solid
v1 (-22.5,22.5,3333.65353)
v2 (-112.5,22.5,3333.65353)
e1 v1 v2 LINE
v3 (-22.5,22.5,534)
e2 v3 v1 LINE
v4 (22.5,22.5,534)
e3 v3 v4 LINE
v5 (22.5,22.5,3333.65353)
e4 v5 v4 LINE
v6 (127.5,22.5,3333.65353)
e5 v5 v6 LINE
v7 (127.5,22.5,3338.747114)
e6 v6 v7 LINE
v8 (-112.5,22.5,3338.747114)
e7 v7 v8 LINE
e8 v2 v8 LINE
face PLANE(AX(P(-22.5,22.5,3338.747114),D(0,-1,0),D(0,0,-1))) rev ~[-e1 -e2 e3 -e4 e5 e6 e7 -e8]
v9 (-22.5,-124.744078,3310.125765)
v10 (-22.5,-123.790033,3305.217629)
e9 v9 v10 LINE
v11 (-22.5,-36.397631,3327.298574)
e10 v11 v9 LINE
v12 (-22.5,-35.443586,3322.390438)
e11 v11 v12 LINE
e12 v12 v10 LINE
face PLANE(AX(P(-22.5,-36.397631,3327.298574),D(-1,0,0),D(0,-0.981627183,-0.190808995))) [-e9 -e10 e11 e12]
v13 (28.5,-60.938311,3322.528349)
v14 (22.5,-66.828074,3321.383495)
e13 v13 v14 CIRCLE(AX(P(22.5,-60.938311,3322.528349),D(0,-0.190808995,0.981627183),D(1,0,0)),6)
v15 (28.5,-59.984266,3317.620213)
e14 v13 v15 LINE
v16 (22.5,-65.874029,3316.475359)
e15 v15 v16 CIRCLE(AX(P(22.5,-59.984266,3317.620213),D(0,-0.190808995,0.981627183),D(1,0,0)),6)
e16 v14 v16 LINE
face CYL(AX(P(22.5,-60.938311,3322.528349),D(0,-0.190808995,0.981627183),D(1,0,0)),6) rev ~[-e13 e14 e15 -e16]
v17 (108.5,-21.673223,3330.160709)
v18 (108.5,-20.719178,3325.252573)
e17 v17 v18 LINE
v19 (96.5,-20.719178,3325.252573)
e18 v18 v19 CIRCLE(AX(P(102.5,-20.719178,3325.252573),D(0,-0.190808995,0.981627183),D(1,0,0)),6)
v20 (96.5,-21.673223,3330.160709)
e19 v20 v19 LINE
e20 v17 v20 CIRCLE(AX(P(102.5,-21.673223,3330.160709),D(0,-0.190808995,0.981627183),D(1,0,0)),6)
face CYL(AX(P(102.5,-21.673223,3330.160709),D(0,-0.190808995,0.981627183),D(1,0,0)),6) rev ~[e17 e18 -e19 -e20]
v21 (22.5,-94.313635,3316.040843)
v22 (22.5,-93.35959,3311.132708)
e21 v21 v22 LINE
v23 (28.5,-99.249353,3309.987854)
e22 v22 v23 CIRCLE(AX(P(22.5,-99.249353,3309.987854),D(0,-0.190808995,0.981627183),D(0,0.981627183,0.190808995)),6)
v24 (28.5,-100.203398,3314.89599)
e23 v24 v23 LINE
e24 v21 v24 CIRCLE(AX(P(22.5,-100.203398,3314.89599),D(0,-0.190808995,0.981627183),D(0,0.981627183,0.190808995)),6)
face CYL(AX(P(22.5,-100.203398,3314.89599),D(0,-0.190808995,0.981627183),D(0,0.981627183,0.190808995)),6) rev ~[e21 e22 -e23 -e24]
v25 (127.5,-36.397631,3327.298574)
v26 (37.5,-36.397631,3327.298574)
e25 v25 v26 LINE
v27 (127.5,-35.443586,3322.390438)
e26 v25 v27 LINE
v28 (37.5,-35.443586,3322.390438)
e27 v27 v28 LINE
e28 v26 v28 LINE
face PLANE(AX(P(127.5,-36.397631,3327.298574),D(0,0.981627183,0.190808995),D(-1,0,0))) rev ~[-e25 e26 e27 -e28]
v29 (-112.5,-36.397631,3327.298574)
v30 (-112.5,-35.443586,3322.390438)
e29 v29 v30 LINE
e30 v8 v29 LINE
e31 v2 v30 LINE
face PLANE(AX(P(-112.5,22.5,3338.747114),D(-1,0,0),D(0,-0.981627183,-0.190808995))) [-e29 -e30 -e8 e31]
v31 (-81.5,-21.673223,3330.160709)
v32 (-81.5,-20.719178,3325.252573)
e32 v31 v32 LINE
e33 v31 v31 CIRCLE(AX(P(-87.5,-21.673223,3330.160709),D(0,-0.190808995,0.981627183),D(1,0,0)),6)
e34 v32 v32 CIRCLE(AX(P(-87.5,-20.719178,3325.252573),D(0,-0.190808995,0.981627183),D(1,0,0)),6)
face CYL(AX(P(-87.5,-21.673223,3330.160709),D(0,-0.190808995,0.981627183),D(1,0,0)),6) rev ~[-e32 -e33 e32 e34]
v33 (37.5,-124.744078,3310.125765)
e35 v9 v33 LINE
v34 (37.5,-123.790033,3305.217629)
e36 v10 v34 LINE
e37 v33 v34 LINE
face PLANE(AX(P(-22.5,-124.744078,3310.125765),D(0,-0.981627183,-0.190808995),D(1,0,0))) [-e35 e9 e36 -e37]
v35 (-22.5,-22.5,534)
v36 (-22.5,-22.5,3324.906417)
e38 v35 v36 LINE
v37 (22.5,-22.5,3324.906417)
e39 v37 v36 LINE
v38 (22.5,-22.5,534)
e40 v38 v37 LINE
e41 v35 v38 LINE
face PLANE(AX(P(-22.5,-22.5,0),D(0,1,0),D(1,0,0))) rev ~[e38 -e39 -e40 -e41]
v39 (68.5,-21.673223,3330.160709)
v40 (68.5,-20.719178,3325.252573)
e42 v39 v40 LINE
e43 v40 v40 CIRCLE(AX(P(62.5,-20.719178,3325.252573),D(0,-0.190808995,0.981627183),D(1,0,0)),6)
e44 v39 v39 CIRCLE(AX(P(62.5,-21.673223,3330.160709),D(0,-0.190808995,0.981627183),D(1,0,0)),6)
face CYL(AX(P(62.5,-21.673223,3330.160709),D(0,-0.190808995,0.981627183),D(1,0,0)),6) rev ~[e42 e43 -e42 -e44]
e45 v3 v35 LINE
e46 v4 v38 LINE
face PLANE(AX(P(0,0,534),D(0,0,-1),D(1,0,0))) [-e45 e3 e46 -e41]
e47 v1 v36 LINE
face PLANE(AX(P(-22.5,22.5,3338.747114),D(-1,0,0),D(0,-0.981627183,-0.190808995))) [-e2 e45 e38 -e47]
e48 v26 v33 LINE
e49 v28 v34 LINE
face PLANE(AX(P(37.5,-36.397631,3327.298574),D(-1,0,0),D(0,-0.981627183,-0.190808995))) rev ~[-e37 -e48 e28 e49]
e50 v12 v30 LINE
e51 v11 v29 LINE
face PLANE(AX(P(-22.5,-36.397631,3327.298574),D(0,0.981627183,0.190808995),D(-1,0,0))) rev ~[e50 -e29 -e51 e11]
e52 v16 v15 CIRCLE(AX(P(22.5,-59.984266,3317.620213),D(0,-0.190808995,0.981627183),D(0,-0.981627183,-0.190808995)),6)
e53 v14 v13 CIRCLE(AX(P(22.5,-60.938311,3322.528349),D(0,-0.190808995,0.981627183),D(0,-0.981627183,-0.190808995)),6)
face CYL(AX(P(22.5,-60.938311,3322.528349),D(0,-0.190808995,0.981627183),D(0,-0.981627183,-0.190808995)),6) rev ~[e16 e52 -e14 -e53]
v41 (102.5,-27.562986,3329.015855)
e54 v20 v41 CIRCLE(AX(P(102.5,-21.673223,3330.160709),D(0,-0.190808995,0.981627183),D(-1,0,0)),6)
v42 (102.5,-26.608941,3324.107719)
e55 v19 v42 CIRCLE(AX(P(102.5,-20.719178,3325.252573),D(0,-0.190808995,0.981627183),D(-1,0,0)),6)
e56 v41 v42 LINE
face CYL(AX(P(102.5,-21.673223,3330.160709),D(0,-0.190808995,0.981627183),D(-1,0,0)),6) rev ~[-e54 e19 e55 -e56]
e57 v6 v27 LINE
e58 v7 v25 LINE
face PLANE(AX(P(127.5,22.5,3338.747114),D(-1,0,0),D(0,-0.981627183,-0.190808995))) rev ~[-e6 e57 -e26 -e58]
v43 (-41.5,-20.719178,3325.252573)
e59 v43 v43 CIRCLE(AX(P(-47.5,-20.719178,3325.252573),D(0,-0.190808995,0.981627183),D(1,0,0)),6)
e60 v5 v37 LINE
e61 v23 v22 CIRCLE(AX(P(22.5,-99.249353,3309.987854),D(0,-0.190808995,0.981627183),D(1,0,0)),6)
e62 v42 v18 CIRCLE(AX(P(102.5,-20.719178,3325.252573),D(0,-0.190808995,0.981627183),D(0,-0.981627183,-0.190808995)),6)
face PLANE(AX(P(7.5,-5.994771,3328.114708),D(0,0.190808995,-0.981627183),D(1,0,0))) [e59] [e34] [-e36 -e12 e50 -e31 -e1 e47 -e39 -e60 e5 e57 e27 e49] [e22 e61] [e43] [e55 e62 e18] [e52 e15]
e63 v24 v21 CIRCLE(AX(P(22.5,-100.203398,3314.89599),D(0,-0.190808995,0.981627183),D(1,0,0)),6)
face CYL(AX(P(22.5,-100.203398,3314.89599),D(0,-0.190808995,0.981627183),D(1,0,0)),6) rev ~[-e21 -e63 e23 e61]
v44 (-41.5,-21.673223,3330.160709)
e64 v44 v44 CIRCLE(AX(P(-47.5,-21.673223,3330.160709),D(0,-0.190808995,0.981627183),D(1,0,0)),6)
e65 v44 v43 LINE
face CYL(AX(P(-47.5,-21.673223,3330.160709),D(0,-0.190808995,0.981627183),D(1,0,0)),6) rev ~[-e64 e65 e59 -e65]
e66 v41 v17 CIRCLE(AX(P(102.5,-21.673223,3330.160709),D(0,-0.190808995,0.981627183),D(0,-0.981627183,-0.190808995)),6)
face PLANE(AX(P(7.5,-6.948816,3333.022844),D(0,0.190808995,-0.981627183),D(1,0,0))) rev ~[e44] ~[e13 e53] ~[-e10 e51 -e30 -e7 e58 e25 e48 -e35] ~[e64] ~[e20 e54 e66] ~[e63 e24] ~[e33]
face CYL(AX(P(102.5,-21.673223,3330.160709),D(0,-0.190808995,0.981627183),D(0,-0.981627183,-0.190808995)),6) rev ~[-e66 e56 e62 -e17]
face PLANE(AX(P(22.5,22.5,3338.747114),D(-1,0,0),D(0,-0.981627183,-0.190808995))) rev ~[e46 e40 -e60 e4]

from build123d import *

# Parameters (mm, degrees)
F0_W      = 45
F0_H      = 45
F1_DEPTH  = 3330
F6_W      = 45
F6_H      = 45.842251273
F7_DEPTH  = 25
F8_W      = 60
F8_H      = 60
F8_W_2    = 90
F8_H_2    = 90
F9_DEPTH  = 5
F10_R     = 6
F11_DEPTH = 25
F12_W     = 150
F12_H     = 4.7702248844
F13_DEPTH = 3358.6871623993
F15_DEPTH = 111
F16_W     = 45
F16_H     = 45
F17_DEPTH = 534


with BuildPart() as f1:
    # F0 (on Top) → F1 (new body)
    with BuildSketch(Plane.XY):
        Rectangle(F0_W, F0_H)
    extrude(amount=F1_DEPTH)

    # F6 (on face) → F7 (join)
    with BuildSketch(Plane(origin=(0, -624.5391596736, 3212.9754420296), x_dir=(1, 0, 0), z_dir=(0, 0.1908089954, -0.9816271834))):
        with Locations((0, -636.2284686128)):
            Rectangle(F6_W, F6_H)
    extrude(amount=F7_DEPTH)

    # F8 (on face) → F9 (join)
    with BuildSketch(Plane(origin=(0, -624.5391596736, 3212.9754420296), x_dir=(1, 0, 0), z_dir=(0, 0.1908089954, -0.9816271834))):
        with Locations((7.5, -629.1495942493)):
            Rectangle(F8_W, F8_H)
        with Locations((-67.5, -629.1495942493)):
            Rectangle(F8_W_2, F8_H)
        with Locations((82.5, -629.1495942493)):
            Rectangle(F8_W_2, F8_H)
        with Locations((7.5, -554.1495942493)):
            Rectangle(F8_W, F8_H_2)
    extrude(amount=F9_DEPTH)

    # F10 (on face) → F11 (cut)
    with BuildSketch(Plane(origin=(0, -624.5391596736, 3212.9754420296), x_dir=(1, 0, 0), z_dir=(0, -0.1908089954, 0.9816271834))):
        with BuildLine():
            ThreePointArc((22.5, 540.1495942493), (18.2573593129, 529.9069535622), (28.5, 534.1495942493))
            Line((28.5, 534.1495942493), (22.5, 534.1495942493))
            Line((22.5, 534.1495942493), (22.5, 540.1495942493))
        make_face()
        with BuildLine():
            Line((22.5, 534.1495942493), (28.5, 534.1495942493))
            ThreePointArc((28.5, 534.1495942493), (26.7426406871, 538.3922349364), (22.5, 540.1495942493))
            Line((22.5, 540.1495942493), (22.5, 534.1495942493))
        make_face()
        with BuildLine():
            ThreePointArc((28.5, 574.1495942493), (18.2573593129, 578.3922349364), (22.5, 568.1495942493))
            ThreePointArc((22.5, 568.1495942493), (26.7426406871, 569.9069535622), (28.5, 574.1495942493))
        make_face()
        with BuildLine():
            ThreePointArc((96.5, 614.1495942493), (98.2573593129, 609.9069535622), (102.5, 608.1495942493))
            Line((102.5, 608.1495942493), (102.5, 614.1495942493))
            Line((102.5, 614.1495942493), (96.5, 614.1495942493))
        make_face()
        with Locations((62.5, 614.1495942493)):
            Circle(F10_R)
        with BuildLine():
            Line((102.5, 614.1495942493), (102.5, 608.1495942493))
            ThreePointArc((102.5, 608.1495942493), (106.7426406871, 609.9069535622), (108.5, 614.1495942493))
            ThreePointArc((108.5, 614.1495942493), (102.5, 620.1495942493), (96.5, 614.1495942493))
            Line((96.5, 614.1495942493), (102.5, 614.1495942493))
        make_face()
        with Locations((-47.5, 614.1495942493)):
            Circle(F10_R)
        with Locations((-87.5, 614.1495942493)):
            Circle(F10_R)
    extrude(amount=-F11_DEPTH, mode=Mode.SUBTRACT)

    # F12 (on Top) → F13 (cut)
    with BuildSketch(Plane.XY):
        with Locations((52.5, 24.8851124422)):
            Rectangle(F12_W, F12_H)
    extrude(amount=F13_DEPTH, mode=Mode.SUBTRACT)

    # F14 (on face) → F15 (cut)
    with BuildSketch(Plane.YZ.offset(-22.5)):
        Polygon((22.5, 3333.6535304364), (23.4540449769, 3333.838977994), (22.5, 3338.7471139112), align=None)
    extrude(amount=-F15_DEPTH, mode=Mode.SUBTRACT)

    # F16 (on face) → F17 (cut)
    with BuildSketch(Plane(origin=(0, 0, 0), x_dir=(1, 0, 0), z_dir=(0, 0, -1))):
        Rectangle(F16_W, F16_H)
    extrude(amount=-F17_DEPTH, mode=Mode.SUBTRACT)


solid = f1.part
